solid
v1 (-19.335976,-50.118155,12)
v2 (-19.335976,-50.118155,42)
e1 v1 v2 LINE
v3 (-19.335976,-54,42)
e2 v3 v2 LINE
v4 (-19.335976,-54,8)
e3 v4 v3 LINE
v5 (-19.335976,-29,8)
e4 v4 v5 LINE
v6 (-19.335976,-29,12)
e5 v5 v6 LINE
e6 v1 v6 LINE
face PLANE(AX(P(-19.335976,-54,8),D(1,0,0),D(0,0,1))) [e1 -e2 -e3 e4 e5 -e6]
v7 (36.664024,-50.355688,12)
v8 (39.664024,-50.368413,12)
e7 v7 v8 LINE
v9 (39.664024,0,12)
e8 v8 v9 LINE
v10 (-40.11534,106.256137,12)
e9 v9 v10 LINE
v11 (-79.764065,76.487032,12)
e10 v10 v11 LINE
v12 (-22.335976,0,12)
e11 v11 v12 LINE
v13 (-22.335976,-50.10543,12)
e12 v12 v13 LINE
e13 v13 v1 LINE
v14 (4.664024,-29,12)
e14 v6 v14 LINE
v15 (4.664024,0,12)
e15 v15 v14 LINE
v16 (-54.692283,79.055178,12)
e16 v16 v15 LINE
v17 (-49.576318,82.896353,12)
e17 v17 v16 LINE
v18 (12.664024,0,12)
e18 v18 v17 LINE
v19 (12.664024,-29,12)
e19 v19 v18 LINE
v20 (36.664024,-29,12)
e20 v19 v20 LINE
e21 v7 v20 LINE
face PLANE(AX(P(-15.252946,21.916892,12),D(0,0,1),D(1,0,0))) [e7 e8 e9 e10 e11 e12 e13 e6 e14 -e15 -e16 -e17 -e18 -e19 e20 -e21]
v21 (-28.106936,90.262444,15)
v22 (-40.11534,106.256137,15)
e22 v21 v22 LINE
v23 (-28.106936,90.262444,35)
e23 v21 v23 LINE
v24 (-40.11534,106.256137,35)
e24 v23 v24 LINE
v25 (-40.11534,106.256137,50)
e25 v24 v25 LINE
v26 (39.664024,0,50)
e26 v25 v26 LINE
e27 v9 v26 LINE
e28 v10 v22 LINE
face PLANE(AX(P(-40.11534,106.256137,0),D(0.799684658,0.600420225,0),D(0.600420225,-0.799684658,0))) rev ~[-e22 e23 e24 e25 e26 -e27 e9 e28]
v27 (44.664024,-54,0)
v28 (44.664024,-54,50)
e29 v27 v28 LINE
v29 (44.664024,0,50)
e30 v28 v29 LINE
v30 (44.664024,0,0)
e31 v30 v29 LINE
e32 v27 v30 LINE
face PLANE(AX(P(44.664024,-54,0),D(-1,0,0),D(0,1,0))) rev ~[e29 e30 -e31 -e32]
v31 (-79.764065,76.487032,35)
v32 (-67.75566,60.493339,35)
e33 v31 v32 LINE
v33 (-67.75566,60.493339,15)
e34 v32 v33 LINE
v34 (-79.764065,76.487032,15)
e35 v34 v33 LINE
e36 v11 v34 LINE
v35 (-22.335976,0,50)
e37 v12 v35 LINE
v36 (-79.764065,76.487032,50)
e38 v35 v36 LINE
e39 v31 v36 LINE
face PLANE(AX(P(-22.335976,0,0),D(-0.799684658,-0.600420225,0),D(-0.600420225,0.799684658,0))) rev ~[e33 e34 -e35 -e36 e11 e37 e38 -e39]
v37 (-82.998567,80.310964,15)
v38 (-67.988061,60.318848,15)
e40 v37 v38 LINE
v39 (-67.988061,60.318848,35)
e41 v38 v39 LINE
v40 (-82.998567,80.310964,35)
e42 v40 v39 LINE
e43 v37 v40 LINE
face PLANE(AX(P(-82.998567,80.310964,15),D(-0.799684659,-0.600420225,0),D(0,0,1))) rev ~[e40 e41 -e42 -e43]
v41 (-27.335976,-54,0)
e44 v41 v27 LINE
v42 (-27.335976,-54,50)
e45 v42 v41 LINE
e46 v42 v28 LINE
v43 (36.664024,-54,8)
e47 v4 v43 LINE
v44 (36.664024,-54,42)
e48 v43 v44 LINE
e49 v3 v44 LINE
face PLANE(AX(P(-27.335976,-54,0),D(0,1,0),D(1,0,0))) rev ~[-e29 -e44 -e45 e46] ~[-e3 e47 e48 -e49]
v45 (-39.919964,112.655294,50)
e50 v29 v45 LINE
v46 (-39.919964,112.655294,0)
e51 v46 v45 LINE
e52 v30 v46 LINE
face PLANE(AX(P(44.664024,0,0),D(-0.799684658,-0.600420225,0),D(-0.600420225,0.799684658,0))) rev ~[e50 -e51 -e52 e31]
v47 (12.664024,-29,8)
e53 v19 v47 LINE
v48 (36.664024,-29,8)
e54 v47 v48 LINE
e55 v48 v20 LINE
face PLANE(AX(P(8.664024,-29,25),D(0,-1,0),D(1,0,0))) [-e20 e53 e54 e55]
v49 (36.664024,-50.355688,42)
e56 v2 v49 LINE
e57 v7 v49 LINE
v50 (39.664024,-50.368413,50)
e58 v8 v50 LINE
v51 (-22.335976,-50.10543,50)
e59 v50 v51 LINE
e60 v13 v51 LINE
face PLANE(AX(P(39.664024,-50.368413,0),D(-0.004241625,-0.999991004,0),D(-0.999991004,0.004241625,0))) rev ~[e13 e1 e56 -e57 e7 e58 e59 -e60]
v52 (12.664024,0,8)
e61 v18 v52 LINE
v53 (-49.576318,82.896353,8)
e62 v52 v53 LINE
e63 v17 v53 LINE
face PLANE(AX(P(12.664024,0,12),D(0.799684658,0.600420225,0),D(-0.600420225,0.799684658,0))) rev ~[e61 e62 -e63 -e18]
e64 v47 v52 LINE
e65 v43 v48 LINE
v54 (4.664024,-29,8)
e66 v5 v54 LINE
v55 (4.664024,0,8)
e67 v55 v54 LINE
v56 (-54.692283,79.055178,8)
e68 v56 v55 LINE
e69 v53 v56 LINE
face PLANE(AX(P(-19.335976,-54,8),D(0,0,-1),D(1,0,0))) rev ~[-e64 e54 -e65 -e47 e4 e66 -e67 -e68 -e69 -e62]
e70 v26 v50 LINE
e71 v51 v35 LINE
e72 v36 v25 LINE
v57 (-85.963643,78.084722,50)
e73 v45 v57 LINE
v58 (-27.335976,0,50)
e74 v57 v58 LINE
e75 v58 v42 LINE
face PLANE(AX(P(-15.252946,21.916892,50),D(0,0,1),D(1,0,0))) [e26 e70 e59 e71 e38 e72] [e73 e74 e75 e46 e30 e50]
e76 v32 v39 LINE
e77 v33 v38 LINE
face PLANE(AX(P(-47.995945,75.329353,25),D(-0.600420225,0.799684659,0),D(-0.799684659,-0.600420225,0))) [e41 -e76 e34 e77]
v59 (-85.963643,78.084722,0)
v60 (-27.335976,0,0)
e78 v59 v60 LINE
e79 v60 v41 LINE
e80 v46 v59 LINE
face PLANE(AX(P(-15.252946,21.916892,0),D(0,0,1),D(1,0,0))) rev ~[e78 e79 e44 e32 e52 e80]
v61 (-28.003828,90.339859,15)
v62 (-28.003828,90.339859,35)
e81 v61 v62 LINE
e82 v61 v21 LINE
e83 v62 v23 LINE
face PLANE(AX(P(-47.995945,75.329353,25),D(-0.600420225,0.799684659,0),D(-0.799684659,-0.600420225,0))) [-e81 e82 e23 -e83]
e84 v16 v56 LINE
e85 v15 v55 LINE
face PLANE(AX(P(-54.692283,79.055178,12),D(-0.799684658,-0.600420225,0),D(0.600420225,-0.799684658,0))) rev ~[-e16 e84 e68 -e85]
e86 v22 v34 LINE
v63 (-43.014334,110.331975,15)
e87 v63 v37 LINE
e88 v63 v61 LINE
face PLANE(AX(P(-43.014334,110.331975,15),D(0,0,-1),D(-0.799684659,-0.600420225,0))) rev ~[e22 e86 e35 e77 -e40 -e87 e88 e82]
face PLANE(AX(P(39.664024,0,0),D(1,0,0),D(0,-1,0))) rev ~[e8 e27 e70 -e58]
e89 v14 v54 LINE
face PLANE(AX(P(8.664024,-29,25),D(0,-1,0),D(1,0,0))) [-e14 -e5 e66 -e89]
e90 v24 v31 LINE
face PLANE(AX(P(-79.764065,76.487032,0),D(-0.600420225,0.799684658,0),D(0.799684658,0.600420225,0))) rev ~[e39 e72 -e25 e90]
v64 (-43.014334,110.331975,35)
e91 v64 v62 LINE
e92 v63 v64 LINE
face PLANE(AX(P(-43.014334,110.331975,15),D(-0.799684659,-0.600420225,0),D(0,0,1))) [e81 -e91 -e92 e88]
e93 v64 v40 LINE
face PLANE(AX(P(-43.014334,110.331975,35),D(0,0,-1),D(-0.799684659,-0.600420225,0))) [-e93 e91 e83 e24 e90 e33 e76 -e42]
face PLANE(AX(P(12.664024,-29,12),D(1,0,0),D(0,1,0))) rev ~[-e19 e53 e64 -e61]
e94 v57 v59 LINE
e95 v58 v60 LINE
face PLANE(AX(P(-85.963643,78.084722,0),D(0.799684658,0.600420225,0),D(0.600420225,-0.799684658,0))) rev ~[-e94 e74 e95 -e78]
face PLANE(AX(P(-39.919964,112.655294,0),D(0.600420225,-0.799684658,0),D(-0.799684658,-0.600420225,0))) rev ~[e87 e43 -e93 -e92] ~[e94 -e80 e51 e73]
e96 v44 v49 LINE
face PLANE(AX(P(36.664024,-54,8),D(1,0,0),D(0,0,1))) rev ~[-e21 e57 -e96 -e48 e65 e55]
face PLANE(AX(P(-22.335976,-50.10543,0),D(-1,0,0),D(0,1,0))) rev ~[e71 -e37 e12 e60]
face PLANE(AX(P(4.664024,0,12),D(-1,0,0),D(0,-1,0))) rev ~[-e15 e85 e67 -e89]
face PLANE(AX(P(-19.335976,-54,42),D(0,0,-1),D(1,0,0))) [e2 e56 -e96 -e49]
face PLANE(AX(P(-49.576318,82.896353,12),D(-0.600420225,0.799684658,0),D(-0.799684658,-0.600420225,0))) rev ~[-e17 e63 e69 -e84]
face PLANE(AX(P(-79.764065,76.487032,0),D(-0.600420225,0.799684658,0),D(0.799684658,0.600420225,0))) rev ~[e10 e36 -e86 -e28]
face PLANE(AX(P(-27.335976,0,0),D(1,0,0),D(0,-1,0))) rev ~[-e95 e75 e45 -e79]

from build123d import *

# Parameters (mm, degrees)
F1_DEPTH = 12
F2_DEPTH = 50
F3_W     = 56
F3_H     = 34
F4_DEPTH = 25
F5_W     = 50
F5_H     = 20
F6_DEPTH = 25
F8_DEPTH = 4


with BuildPart() as f1:
    # F0 (on Top) → F1 (new body)
    with BuildSketch(Plane.XY):
        Polygon((-27.3359761563, -54), (44.6640238437, -54), (44.6640238437, -50), (44.6640238437, 0), (-39.9199636387, 112.655294226), (-85.9636434561, 78.0847215416), (-27.3359761563, 0), (-27.3359761563, -50), align=None)
        Polygon((39.6640238437, -50.3684133291), (-22.3359761563, -50.1054301858), (-22.3359761563, 0), (-79.7640645644, 76.4870324634), (-40.1153402772, 106.2561367194), (39.6640238437, 0), align=None, mode=Mode.SUBTRACT)
        Polygon((-22.3359761563, 0), (-22.3359761563, -50.1054301858), (39.6640238437, -50.3684133291), (39.6640238437, 0), (-40.1153402772, 106.2561367194), (-79.7640645644, 76.4870324634), align=None)
    extrude(amount=F1_DEPTH)

    # F0 (on Top) → F2 (join)
    with BuildSketch(Plane.XY):
        Polygon((-27.3359761563, -54), (44.6640238437, -54), (44.6640238437, -50), (44.6640238437, 0), (-39.9199636387, 112.655294226), (-85.9636434561, 78.0847215416), (-27.3359761563, 0), (-27.3359761563, -50), align=None)
        Polygon((39.6640238437, -50.3684133291), (-22.3359761563, -50.1054301858), (-22.3359761563, 0), (-79.7640645644, 76.4870324634), (-40.1153402772, 106.2561367194), (39.6640238437, 0), align=None, mode=Mode.SUBTRACT)
    extrude(amount=F2_DEPTH)

    # F3 (on face) → F4 (cut)
    with BuildSketch(Plane.XZ.offset(54)):
        with Locations((8.6640238437, 25)):
            Rectangle(F3_W, F3_H)
    extrude(amount=-F4_DEPTH, mode=Mode.SUBTRACT)

    # F5 (on face) → F6 (cut)
    with BuildSketch(Plane(origin=(-68.4824082667, 91.210004189, 0), x_dir=(-0.7996846585, -0.6004202253, 0), z_dir=(-0.6004202253, 0.7996846585, 0))):
        with Locations((-6.8476465531, 25)):
            Rectangle(F5_W, F5_H)
    extrude(amount=-F6_DEPTH, mode=Mode.SUBTRACT)

    # F7 (on face) → F8 (cut)
    with BuildSketch(Plane.XY.offset(12)):
        Polygon((-49.5763184557, 82.8963528815), (-54.6922828798, 79.0551781388), (4.6640238437, 0), (4.6640238437, -29), (12.6640238437, -29), (12.6640238437, 0), align=None)
    extrude(amount=-F8_DEPTH, mode=Mode.SUBTRACT)


solid = f1.part
